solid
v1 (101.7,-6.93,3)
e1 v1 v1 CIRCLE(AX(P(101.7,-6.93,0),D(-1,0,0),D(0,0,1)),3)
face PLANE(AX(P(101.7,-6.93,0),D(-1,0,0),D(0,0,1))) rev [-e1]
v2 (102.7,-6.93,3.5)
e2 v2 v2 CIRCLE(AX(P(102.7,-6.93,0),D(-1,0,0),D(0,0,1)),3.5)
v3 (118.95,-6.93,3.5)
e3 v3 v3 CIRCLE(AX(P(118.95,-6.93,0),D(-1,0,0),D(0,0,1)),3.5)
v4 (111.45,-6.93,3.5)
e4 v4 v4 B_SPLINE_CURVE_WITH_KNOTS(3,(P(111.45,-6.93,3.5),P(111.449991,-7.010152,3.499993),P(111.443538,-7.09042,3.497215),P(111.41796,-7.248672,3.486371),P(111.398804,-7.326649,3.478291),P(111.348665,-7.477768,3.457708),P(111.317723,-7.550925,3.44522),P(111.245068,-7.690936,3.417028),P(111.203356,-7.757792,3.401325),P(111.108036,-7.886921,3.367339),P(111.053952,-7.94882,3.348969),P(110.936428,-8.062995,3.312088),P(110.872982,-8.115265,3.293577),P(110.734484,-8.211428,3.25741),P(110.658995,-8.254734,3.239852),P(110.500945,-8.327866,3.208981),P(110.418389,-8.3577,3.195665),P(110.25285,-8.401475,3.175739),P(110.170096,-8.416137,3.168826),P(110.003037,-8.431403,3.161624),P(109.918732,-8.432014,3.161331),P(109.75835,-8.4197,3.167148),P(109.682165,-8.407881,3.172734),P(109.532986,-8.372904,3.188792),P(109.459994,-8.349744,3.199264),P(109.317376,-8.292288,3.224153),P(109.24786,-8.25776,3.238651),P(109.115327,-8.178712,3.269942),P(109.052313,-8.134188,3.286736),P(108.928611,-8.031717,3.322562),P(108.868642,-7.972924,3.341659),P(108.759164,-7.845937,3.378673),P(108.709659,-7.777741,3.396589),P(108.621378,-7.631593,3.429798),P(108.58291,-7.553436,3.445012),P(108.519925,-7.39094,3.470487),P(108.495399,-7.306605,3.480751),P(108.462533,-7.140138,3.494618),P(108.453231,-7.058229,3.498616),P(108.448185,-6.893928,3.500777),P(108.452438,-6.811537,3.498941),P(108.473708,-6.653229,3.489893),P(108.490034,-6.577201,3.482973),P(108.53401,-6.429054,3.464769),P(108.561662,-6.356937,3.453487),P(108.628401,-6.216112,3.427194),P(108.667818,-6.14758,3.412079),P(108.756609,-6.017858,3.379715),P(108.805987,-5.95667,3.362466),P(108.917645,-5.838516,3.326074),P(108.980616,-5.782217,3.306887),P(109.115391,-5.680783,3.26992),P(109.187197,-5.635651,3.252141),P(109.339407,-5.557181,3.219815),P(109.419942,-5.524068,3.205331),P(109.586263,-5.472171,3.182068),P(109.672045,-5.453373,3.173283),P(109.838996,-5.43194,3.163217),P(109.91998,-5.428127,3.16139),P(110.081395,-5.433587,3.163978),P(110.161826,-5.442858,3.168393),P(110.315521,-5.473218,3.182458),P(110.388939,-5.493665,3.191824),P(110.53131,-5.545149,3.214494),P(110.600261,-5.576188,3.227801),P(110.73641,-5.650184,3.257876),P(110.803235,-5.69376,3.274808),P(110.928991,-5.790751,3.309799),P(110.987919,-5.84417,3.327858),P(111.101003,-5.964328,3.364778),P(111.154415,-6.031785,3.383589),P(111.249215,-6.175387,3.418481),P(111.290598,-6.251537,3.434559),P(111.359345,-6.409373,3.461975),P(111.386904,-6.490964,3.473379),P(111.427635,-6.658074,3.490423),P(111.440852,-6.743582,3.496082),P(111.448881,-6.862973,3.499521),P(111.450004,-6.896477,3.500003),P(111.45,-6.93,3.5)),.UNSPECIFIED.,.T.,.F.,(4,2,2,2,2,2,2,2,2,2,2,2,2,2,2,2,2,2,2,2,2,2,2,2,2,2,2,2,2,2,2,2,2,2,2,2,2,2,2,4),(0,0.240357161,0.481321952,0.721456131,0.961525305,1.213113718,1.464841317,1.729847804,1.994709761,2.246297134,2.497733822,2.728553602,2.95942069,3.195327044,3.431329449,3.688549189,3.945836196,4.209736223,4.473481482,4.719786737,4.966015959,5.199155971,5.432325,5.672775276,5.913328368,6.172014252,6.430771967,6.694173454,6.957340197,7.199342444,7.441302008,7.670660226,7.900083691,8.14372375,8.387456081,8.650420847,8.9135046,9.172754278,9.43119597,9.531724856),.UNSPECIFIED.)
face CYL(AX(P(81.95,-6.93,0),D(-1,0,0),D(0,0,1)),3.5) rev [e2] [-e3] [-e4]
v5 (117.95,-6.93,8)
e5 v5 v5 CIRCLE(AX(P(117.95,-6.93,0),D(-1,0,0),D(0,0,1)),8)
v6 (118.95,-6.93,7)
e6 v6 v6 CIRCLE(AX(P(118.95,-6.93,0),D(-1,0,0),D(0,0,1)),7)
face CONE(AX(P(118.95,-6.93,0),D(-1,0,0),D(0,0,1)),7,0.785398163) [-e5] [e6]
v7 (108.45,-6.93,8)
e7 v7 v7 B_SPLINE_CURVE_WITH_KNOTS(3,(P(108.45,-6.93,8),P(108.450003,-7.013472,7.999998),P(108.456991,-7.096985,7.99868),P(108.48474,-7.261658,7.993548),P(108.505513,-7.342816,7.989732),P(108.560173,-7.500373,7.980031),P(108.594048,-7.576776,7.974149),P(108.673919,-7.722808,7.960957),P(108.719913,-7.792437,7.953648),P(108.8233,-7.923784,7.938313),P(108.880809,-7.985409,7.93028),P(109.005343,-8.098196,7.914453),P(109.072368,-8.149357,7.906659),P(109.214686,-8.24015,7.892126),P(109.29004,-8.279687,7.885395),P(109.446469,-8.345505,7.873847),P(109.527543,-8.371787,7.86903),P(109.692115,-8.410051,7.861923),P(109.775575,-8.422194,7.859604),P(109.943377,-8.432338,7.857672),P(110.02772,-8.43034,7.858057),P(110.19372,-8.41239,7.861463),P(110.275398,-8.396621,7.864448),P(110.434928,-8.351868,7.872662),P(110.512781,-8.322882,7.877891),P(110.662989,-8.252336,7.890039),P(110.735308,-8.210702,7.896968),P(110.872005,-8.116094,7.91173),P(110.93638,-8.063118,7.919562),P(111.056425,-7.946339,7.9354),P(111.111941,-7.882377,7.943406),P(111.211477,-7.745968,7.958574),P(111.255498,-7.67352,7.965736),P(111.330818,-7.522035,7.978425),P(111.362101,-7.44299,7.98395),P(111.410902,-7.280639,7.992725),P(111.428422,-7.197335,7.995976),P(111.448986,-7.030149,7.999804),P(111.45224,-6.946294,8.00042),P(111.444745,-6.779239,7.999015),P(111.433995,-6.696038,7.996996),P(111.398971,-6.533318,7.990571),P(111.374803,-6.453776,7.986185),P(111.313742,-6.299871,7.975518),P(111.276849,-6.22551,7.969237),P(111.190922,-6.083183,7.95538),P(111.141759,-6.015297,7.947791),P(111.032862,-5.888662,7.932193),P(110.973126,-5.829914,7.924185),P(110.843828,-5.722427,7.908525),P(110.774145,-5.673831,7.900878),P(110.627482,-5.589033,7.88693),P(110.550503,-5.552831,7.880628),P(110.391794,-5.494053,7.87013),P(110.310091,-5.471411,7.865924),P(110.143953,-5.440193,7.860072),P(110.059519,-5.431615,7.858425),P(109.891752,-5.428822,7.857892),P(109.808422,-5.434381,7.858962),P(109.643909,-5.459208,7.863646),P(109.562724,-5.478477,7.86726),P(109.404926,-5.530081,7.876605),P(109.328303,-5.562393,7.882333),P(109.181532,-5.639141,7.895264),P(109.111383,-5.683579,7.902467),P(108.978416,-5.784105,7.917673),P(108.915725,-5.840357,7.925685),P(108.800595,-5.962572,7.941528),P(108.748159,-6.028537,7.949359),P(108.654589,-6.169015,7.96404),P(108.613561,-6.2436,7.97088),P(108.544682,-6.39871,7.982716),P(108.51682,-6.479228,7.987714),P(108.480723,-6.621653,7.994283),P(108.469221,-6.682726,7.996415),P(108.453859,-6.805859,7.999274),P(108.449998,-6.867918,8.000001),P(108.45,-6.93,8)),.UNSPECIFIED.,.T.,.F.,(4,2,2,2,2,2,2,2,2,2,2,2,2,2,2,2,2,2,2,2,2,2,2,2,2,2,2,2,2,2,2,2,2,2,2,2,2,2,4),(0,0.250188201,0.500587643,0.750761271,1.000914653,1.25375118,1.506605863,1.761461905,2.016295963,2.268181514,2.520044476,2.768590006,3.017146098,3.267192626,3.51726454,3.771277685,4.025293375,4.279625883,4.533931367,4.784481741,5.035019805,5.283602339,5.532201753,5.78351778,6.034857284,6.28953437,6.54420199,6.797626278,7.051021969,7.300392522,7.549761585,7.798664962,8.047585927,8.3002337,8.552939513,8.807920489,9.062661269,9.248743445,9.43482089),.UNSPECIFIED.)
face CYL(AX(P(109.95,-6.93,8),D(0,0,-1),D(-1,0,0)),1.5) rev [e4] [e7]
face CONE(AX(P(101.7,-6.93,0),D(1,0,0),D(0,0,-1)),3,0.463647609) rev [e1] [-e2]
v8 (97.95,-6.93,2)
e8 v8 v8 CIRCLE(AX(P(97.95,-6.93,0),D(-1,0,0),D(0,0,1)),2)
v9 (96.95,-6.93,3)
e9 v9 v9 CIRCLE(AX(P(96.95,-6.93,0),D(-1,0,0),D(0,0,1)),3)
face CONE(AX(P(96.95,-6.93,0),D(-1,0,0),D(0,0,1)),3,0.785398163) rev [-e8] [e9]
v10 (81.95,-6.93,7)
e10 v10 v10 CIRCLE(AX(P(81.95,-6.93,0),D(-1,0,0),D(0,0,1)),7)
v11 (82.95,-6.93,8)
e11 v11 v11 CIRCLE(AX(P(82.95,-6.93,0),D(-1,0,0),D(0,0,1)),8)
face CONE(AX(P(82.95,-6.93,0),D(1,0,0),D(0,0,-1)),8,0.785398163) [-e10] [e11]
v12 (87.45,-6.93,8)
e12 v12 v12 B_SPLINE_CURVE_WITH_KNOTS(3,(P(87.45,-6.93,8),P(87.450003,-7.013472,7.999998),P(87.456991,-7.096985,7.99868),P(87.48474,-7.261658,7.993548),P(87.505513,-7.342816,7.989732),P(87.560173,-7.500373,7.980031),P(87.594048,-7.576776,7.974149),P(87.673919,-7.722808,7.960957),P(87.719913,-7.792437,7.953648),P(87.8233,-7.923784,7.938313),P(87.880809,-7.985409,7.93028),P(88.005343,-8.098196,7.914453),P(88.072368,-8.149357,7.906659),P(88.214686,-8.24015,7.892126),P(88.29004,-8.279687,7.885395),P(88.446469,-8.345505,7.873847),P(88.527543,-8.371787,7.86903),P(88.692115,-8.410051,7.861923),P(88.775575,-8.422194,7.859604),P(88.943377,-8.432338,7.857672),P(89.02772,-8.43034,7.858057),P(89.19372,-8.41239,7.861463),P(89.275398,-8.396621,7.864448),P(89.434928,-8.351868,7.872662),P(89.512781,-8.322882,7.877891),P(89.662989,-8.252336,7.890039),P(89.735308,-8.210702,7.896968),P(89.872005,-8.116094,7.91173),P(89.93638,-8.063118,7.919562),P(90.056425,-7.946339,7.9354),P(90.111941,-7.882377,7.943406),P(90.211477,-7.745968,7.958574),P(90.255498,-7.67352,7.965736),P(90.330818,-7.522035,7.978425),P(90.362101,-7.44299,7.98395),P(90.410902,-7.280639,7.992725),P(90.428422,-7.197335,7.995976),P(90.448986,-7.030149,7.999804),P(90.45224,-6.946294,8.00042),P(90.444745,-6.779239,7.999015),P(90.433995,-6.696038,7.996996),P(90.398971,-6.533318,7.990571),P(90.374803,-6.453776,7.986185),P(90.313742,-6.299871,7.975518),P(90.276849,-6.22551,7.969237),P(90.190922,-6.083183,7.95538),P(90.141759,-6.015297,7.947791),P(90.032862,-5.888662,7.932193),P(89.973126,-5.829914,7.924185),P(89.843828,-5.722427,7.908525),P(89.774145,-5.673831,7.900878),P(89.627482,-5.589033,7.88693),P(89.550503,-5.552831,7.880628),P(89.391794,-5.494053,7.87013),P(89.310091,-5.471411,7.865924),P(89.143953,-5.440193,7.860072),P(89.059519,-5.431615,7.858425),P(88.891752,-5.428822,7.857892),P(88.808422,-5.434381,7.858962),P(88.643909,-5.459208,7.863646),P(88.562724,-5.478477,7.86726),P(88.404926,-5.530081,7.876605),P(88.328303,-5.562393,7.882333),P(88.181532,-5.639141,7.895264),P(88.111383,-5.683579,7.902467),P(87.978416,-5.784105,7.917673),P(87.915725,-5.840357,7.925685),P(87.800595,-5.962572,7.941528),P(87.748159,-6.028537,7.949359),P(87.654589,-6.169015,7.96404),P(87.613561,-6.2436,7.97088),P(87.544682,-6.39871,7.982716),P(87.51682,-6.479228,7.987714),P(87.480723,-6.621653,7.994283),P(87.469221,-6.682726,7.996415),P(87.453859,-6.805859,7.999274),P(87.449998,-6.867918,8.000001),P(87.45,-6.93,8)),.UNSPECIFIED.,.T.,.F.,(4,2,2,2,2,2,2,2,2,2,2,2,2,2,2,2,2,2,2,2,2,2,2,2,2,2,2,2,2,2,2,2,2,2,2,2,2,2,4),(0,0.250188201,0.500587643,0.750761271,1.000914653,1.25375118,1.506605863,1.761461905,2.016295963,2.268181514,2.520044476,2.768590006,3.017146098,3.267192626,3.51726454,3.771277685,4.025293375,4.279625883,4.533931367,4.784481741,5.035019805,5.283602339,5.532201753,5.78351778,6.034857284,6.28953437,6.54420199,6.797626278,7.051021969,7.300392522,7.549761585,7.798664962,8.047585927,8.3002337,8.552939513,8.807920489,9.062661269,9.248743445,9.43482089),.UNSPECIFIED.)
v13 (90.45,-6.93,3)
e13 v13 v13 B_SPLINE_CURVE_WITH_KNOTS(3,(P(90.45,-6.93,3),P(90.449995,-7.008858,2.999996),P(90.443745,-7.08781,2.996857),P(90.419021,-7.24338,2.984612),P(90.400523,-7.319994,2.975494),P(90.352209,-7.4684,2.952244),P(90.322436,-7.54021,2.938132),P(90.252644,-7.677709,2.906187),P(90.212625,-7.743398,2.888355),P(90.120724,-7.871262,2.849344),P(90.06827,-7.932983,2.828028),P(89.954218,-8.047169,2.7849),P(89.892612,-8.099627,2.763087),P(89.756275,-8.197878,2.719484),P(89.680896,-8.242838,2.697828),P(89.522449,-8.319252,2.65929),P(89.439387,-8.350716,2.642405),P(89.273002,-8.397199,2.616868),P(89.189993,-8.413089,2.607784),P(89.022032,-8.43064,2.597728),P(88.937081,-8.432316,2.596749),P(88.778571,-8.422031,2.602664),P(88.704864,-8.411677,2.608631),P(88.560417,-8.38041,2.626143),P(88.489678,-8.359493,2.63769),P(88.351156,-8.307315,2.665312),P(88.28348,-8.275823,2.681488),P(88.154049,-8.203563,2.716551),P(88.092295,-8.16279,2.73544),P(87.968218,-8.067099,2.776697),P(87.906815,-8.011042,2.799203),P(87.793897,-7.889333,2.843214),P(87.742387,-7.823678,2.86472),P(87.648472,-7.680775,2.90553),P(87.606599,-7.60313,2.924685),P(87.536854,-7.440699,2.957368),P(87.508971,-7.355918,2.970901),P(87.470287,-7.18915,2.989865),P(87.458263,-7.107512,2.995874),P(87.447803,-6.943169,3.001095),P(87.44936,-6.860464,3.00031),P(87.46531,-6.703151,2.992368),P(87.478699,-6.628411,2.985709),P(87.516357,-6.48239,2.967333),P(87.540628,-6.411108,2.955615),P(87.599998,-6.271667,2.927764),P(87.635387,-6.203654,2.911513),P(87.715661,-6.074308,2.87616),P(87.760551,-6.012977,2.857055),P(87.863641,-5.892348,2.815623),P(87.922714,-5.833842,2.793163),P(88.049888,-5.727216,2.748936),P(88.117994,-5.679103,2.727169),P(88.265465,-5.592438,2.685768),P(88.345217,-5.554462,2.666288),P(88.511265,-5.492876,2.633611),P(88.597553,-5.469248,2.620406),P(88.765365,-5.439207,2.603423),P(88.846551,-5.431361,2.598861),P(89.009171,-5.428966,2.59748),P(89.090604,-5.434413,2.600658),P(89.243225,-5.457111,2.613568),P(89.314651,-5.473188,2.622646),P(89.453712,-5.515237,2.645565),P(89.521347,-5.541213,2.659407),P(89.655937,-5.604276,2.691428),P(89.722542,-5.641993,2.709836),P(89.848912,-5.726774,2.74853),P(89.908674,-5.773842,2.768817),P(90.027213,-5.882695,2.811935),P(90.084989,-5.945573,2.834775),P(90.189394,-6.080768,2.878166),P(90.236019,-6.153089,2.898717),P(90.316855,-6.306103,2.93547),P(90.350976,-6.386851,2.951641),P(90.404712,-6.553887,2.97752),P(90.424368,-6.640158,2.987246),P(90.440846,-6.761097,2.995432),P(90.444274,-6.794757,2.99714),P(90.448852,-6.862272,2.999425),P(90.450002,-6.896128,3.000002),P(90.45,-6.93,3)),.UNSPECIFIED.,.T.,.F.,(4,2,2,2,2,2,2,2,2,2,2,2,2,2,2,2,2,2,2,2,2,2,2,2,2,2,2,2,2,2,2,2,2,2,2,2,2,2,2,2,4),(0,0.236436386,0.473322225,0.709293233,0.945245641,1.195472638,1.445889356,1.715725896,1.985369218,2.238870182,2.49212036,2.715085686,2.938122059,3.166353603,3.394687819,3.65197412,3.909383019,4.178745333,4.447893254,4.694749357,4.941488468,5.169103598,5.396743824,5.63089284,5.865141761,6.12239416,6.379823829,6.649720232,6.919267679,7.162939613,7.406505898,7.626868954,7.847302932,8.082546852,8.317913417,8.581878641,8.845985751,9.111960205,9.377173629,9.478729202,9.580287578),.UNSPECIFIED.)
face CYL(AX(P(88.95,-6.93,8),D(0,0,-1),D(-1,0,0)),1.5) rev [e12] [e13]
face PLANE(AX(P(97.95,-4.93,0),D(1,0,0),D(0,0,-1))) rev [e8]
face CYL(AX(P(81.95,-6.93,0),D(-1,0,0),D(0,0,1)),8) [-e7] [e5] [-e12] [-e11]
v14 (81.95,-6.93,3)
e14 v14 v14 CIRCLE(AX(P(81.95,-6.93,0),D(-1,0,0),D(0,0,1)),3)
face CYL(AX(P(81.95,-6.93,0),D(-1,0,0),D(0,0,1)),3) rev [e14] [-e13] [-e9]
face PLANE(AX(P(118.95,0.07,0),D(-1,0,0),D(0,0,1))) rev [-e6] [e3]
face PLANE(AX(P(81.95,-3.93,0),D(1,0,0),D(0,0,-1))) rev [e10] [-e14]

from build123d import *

# Parameters (mm, degrees)
ESBO_O2_R             = 1.5
CORTE_EXTRUS_O1_DEPTH = 121.149937162


with BuildPart() as part:
    # Esboço1 → Revolução1 (revolve)
    with BuildSketch(Plane.XY, mode=Mode.PRIVATE) as revolu_o1_sk:
        Polygon((81.95, -3.93), (81.95, 0.07), (82.95, 1.07), (117.95, 1.07), (118.95, 0.07), (118.95, -3.43), (102.7, -3.43), (101.7, -3.93), (101.7, -6.93), (97.95, -6.93), (97.95, -4.93), (96.95, -3.93), align=None)
    revolve(revolu_o1_sk.sketch.rotate(Axis((81.95, -6.93, 0), (1, 0, 0)), 90), axis=Axis((81.95, -6.93, 0), (1, 0, 0)))

    # Esboço2 → Corte-extrusão1 (cut, through all)
    with BuildSketch(Plane.XY):
        with Locations(Location((88.95, -6.93, 0), (0, 0, 180))):
            Circle(ESBO_O2_R)
        with Locations(Location((109.95, -6.93, 0), (0, 0, 180))):
            Circle(ESBO_O2_R)
    extrude(amount=CORTE_EXTRUS_O1_DEPTH, mode=Mode.SUBTRACT)


solid = part.part
